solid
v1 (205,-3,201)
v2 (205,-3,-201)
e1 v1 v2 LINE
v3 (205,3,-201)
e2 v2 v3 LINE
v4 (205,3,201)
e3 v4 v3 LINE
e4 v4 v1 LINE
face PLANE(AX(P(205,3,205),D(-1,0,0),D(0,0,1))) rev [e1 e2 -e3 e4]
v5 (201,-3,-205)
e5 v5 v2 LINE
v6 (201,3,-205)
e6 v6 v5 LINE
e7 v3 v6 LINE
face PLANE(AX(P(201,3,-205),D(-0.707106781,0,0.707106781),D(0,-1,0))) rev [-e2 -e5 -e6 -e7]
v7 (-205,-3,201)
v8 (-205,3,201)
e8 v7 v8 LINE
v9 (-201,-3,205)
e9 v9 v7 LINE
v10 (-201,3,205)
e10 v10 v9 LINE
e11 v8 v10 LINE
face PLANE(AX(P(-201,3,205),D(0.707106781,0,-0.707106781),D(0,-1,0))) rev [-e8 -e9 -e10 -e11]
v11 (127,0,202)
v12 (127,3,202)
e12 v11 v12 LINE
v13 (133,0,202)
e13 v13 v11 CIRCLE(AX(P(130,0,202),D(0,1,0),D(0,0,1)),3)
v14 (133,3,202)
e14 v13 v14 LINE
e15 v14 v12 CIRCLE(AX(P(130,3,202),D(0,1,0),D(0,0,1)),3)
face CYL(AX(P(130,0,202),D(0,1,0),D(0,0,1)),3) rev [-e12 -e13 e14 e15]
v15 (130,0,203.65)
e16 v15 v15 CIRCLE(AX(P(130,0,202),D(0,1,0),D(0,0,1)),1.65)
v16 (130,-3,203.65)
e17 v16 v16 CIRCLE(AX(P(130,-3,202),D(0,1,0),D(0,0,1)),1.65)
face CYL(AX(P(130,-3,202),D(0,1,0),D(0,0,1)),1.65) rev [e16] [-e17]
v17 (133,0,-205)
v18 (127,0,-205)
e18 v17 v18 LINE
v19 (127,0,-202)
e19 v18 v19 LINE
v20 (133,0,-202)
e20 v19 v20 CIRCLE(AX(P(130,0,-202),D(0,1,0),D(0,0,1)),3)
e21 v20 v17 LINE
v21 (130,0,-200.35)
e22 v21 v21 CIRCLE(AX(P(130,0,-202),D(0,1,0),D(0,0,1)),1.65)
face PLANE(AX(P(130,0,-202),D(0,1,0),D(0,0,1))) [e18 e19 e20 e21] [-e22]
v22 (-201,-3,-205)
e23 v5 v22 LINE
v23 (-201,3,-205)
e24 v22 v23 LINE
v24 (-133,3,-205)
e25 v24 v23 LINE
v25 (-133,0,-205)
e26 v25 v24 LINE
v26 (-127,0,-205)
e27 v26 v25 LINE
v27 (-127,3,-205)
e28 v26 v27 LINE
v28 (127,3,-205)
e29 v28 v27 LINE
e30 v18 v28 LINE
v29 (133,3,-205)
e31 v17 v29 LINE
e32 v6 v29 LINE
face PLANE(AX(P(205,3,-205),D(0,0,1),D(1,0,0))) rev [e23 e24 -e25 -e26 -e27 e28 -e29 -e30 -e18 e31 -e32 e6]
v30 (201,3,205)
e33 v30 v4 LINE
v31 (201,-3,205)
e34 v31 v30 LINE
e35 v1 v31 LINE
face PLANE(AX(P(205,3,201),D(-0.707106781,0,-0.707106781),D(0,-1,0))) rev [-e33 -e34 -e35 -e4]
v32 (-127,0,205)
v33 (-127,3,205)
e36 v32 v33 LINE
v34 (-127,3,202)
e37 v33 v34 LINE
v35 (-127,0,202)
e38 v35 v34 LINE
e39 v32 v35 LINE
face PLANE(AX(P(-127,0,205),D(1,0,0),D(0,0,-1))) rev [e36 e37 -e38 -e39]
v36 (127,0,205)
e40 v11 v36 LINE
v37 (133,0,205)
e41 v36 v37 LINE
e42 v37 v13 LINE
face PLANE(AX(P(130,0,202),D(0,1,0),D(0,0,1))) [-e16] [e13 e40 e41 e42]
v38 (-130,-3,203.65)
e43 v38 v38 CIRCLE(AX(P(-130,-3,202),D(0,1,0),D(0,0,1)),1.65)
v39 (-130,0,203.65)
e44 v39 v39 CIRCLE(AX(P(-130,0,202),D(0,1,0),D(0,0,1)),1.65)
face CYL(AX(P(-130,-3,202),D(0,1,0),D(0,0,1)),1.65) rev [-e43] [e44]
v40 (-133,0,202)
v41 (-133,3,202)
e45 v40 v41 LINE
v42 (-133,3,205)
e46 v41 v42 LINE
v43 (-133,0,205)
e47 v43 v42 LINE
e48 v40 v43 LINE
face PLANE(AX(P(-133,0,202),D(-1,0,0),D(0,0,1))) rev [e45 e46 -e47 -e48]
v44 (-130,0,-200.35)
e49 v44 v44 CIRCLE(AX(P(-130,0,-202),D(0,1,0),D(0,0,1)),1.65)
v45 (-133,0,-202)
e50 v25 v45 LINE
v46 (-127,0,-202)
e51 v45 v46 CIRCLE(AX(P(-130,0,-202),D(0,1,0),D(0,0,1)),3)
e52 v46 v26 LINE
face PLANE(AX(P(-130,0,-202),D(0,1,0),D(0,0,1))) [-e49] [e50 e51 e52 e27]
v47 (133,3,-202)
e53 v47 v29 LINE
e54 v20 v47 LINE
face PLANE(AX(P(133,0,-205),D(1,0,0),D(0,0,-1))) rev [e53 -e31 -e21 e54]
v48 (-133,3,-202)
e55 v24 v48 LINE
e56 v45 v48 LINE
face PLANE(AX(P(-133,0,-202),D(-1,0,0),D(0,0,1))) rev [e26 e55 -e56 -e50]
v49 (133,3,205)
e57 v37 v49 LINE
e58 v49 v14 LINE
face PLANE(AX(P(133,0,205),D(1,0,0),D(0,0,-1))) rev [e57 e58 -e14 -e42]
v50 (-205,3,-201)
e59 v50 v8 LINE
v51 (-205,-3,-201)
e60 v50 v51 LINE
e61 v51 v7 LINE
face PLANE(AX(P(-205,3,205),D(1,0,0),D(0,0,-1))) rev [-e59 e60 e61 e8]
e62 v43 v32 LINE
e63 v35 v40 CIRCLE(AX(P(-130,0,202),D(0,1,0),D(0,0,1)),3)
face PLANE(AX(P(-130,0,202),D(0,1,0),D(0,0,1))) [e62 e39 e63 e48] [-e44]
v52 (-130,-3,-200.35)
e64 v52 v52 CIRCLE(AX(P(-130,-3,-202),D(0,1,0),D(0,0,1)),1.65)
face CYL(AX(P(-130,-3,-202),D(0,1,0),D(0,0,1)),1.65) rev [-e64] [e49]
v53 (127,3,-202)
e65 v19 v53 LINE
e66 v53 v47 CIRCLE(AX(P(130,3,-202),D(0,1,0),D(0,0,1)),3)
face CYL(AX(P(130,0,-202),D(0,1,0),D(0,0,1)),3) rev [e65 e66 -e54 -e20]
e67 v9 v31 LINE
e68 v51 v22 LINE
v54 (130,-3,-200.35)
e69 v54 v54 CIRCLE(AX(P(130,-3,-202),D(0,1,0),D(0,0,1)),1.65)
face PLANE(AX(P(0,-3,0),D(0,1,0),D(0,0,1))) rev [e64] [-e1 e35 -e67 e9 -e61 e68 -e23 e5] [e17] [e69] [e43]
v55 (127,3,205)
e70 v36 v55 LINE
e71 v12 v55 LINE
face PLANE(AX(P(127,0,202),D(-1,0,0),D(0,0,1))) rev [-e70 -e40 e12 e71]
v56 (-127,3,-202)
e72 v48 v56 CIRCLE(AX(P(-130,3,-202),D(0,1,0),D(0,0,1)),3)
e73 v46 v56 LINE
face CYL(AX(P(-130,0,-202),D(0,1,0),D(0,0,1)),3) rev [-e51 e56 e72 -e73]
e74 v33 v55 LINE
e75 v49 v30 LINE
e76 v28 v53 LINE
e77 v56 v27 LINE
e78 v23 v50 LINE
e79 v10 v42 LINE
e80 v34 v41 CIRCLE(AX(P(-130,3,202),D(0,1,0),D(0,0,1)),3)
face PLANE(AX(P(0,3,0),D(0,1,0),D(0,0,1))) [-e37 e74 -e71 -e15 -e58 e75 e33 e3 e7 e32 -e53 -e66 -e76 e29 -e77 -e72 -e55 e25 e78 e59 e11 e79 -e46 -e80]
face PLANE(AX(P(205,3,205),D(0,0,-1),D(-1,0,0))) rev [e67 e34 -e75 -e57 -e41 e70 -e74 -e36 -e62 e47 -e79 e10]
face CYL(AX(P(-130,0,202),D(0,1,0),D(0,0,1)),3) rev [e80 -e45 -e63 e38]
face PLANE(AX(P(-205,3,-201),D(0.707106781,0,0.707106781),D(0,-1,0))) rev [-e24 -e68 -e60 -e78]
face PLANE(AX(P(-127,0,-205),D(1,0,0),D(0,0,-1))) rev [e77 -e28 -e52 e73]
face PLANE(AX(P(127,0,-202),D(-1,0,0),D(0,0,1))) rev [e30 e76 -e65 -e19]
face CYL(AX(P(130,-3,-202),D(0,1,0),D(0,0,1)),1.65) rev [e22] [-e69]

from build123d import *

# Parameters (mm, degrees)
SKETCH1_W           = 410
SKETCH1_H           = 410
BOSS_EXTRUDE1_DEPTH = 3
CHAMFER1_SIZE       = 4
CUT_EXTRUDE1_DEPTH  = 3
SKETCH3_R           = 1.65
CUT_EXTRUDE2_DEPTH  = 290.929301727


with BuildPart() as part:
    # Sketch1 → Boss-Extrude1 (new, symmetric)
    with BuildSketch(Plane(origin=(0, 0, 0), x_dir=(1, 0, 0), z_dir=(0, 1, 0))):
        Rectangle(SKETCH1_W, SKETCH1_H)
    extrude(amount=BOSS_EXTRUDE1_DEPTH, both=True)

    # Chamfer1
    chamfer1_edges = [part.edges().sort_by_distance(p)[0] for p in [
        (-205, 0, -205),
        (205, 0, -205),
        (205, 0, 205),
        (-205, 0, 205),
    ]]
    chamfer(chamfer1_edges, length=CHAMFER1_SIZE)

    # Sketch2 → Cut-Extrude1 (cut)
    with BuildSketch(Plane(origin=(0, 3, 0), x_dir=(1, 0, 0), z_dir=(0, 1, 0))):
        with BuildLine():
            Line((-133, 202), (-133, 205))
            Line((-133, 205), (-127, 205))
            Line((-127, 205), (-127, 202))
            ThreePointArc((-127, 202), (-130, 199), (-133, 202))
        make_face()
        with BuildLine():
            Line((127, 202), (127, 205))
            Line((127, 205), (133, 205))
            Line((133, 205), (133, 202))
            ThreePointArc((133, 202), (130, 199), (127, 202))
        make_face()
        with BuildLine():
            Line((-133, -202), (-133, -205))
            Line((-133, -205), (-127, -205))
            Line((-127, -205), (-127, -202))
            ThreePointArc((-127, -202), (-130, -199), (-133, -202))
        make_face()
        with BuildLine():
            Line((127, -202), (127, -205))
            Line((127, -205), (133, -205))
            Line((133, -205), (133, -202))
            ThreePointArc((133, -202), (130, -199), (127, -202))
        make_face()
    extrude(amount=-CUT_EXTRUDE1_DEPTH, mode=Mode.SUBTRACT)

    # Sketch3 → Cut-Extrude2 (cut, through all)
    with BuildSketch(Plane(origin=(0, 0, 0), x_dir=(1, 0, 0), z_dir=(0, 1, 0))):
        with Locations(Location((-130, -202, 0), (0, 0, 270))):
            Circle(SKETCH3_R)
        with Locations(Location((130, -202, 0), (0, 0, 270))):
            Circle(SKETCH3_R)
        with Locations(Location((130, 202, 0), (0, 0, 270))):
            Circle(SKETCH3_R)
        with Locations(Location((-130, 202, 0), (0, 0, 270))):
            Circle(SKETCH3_R)
    extrude(amount=-CUT_EXTRUDE2_DEPTH, mode=Mode.SUBTRACT)


solid = part.part
